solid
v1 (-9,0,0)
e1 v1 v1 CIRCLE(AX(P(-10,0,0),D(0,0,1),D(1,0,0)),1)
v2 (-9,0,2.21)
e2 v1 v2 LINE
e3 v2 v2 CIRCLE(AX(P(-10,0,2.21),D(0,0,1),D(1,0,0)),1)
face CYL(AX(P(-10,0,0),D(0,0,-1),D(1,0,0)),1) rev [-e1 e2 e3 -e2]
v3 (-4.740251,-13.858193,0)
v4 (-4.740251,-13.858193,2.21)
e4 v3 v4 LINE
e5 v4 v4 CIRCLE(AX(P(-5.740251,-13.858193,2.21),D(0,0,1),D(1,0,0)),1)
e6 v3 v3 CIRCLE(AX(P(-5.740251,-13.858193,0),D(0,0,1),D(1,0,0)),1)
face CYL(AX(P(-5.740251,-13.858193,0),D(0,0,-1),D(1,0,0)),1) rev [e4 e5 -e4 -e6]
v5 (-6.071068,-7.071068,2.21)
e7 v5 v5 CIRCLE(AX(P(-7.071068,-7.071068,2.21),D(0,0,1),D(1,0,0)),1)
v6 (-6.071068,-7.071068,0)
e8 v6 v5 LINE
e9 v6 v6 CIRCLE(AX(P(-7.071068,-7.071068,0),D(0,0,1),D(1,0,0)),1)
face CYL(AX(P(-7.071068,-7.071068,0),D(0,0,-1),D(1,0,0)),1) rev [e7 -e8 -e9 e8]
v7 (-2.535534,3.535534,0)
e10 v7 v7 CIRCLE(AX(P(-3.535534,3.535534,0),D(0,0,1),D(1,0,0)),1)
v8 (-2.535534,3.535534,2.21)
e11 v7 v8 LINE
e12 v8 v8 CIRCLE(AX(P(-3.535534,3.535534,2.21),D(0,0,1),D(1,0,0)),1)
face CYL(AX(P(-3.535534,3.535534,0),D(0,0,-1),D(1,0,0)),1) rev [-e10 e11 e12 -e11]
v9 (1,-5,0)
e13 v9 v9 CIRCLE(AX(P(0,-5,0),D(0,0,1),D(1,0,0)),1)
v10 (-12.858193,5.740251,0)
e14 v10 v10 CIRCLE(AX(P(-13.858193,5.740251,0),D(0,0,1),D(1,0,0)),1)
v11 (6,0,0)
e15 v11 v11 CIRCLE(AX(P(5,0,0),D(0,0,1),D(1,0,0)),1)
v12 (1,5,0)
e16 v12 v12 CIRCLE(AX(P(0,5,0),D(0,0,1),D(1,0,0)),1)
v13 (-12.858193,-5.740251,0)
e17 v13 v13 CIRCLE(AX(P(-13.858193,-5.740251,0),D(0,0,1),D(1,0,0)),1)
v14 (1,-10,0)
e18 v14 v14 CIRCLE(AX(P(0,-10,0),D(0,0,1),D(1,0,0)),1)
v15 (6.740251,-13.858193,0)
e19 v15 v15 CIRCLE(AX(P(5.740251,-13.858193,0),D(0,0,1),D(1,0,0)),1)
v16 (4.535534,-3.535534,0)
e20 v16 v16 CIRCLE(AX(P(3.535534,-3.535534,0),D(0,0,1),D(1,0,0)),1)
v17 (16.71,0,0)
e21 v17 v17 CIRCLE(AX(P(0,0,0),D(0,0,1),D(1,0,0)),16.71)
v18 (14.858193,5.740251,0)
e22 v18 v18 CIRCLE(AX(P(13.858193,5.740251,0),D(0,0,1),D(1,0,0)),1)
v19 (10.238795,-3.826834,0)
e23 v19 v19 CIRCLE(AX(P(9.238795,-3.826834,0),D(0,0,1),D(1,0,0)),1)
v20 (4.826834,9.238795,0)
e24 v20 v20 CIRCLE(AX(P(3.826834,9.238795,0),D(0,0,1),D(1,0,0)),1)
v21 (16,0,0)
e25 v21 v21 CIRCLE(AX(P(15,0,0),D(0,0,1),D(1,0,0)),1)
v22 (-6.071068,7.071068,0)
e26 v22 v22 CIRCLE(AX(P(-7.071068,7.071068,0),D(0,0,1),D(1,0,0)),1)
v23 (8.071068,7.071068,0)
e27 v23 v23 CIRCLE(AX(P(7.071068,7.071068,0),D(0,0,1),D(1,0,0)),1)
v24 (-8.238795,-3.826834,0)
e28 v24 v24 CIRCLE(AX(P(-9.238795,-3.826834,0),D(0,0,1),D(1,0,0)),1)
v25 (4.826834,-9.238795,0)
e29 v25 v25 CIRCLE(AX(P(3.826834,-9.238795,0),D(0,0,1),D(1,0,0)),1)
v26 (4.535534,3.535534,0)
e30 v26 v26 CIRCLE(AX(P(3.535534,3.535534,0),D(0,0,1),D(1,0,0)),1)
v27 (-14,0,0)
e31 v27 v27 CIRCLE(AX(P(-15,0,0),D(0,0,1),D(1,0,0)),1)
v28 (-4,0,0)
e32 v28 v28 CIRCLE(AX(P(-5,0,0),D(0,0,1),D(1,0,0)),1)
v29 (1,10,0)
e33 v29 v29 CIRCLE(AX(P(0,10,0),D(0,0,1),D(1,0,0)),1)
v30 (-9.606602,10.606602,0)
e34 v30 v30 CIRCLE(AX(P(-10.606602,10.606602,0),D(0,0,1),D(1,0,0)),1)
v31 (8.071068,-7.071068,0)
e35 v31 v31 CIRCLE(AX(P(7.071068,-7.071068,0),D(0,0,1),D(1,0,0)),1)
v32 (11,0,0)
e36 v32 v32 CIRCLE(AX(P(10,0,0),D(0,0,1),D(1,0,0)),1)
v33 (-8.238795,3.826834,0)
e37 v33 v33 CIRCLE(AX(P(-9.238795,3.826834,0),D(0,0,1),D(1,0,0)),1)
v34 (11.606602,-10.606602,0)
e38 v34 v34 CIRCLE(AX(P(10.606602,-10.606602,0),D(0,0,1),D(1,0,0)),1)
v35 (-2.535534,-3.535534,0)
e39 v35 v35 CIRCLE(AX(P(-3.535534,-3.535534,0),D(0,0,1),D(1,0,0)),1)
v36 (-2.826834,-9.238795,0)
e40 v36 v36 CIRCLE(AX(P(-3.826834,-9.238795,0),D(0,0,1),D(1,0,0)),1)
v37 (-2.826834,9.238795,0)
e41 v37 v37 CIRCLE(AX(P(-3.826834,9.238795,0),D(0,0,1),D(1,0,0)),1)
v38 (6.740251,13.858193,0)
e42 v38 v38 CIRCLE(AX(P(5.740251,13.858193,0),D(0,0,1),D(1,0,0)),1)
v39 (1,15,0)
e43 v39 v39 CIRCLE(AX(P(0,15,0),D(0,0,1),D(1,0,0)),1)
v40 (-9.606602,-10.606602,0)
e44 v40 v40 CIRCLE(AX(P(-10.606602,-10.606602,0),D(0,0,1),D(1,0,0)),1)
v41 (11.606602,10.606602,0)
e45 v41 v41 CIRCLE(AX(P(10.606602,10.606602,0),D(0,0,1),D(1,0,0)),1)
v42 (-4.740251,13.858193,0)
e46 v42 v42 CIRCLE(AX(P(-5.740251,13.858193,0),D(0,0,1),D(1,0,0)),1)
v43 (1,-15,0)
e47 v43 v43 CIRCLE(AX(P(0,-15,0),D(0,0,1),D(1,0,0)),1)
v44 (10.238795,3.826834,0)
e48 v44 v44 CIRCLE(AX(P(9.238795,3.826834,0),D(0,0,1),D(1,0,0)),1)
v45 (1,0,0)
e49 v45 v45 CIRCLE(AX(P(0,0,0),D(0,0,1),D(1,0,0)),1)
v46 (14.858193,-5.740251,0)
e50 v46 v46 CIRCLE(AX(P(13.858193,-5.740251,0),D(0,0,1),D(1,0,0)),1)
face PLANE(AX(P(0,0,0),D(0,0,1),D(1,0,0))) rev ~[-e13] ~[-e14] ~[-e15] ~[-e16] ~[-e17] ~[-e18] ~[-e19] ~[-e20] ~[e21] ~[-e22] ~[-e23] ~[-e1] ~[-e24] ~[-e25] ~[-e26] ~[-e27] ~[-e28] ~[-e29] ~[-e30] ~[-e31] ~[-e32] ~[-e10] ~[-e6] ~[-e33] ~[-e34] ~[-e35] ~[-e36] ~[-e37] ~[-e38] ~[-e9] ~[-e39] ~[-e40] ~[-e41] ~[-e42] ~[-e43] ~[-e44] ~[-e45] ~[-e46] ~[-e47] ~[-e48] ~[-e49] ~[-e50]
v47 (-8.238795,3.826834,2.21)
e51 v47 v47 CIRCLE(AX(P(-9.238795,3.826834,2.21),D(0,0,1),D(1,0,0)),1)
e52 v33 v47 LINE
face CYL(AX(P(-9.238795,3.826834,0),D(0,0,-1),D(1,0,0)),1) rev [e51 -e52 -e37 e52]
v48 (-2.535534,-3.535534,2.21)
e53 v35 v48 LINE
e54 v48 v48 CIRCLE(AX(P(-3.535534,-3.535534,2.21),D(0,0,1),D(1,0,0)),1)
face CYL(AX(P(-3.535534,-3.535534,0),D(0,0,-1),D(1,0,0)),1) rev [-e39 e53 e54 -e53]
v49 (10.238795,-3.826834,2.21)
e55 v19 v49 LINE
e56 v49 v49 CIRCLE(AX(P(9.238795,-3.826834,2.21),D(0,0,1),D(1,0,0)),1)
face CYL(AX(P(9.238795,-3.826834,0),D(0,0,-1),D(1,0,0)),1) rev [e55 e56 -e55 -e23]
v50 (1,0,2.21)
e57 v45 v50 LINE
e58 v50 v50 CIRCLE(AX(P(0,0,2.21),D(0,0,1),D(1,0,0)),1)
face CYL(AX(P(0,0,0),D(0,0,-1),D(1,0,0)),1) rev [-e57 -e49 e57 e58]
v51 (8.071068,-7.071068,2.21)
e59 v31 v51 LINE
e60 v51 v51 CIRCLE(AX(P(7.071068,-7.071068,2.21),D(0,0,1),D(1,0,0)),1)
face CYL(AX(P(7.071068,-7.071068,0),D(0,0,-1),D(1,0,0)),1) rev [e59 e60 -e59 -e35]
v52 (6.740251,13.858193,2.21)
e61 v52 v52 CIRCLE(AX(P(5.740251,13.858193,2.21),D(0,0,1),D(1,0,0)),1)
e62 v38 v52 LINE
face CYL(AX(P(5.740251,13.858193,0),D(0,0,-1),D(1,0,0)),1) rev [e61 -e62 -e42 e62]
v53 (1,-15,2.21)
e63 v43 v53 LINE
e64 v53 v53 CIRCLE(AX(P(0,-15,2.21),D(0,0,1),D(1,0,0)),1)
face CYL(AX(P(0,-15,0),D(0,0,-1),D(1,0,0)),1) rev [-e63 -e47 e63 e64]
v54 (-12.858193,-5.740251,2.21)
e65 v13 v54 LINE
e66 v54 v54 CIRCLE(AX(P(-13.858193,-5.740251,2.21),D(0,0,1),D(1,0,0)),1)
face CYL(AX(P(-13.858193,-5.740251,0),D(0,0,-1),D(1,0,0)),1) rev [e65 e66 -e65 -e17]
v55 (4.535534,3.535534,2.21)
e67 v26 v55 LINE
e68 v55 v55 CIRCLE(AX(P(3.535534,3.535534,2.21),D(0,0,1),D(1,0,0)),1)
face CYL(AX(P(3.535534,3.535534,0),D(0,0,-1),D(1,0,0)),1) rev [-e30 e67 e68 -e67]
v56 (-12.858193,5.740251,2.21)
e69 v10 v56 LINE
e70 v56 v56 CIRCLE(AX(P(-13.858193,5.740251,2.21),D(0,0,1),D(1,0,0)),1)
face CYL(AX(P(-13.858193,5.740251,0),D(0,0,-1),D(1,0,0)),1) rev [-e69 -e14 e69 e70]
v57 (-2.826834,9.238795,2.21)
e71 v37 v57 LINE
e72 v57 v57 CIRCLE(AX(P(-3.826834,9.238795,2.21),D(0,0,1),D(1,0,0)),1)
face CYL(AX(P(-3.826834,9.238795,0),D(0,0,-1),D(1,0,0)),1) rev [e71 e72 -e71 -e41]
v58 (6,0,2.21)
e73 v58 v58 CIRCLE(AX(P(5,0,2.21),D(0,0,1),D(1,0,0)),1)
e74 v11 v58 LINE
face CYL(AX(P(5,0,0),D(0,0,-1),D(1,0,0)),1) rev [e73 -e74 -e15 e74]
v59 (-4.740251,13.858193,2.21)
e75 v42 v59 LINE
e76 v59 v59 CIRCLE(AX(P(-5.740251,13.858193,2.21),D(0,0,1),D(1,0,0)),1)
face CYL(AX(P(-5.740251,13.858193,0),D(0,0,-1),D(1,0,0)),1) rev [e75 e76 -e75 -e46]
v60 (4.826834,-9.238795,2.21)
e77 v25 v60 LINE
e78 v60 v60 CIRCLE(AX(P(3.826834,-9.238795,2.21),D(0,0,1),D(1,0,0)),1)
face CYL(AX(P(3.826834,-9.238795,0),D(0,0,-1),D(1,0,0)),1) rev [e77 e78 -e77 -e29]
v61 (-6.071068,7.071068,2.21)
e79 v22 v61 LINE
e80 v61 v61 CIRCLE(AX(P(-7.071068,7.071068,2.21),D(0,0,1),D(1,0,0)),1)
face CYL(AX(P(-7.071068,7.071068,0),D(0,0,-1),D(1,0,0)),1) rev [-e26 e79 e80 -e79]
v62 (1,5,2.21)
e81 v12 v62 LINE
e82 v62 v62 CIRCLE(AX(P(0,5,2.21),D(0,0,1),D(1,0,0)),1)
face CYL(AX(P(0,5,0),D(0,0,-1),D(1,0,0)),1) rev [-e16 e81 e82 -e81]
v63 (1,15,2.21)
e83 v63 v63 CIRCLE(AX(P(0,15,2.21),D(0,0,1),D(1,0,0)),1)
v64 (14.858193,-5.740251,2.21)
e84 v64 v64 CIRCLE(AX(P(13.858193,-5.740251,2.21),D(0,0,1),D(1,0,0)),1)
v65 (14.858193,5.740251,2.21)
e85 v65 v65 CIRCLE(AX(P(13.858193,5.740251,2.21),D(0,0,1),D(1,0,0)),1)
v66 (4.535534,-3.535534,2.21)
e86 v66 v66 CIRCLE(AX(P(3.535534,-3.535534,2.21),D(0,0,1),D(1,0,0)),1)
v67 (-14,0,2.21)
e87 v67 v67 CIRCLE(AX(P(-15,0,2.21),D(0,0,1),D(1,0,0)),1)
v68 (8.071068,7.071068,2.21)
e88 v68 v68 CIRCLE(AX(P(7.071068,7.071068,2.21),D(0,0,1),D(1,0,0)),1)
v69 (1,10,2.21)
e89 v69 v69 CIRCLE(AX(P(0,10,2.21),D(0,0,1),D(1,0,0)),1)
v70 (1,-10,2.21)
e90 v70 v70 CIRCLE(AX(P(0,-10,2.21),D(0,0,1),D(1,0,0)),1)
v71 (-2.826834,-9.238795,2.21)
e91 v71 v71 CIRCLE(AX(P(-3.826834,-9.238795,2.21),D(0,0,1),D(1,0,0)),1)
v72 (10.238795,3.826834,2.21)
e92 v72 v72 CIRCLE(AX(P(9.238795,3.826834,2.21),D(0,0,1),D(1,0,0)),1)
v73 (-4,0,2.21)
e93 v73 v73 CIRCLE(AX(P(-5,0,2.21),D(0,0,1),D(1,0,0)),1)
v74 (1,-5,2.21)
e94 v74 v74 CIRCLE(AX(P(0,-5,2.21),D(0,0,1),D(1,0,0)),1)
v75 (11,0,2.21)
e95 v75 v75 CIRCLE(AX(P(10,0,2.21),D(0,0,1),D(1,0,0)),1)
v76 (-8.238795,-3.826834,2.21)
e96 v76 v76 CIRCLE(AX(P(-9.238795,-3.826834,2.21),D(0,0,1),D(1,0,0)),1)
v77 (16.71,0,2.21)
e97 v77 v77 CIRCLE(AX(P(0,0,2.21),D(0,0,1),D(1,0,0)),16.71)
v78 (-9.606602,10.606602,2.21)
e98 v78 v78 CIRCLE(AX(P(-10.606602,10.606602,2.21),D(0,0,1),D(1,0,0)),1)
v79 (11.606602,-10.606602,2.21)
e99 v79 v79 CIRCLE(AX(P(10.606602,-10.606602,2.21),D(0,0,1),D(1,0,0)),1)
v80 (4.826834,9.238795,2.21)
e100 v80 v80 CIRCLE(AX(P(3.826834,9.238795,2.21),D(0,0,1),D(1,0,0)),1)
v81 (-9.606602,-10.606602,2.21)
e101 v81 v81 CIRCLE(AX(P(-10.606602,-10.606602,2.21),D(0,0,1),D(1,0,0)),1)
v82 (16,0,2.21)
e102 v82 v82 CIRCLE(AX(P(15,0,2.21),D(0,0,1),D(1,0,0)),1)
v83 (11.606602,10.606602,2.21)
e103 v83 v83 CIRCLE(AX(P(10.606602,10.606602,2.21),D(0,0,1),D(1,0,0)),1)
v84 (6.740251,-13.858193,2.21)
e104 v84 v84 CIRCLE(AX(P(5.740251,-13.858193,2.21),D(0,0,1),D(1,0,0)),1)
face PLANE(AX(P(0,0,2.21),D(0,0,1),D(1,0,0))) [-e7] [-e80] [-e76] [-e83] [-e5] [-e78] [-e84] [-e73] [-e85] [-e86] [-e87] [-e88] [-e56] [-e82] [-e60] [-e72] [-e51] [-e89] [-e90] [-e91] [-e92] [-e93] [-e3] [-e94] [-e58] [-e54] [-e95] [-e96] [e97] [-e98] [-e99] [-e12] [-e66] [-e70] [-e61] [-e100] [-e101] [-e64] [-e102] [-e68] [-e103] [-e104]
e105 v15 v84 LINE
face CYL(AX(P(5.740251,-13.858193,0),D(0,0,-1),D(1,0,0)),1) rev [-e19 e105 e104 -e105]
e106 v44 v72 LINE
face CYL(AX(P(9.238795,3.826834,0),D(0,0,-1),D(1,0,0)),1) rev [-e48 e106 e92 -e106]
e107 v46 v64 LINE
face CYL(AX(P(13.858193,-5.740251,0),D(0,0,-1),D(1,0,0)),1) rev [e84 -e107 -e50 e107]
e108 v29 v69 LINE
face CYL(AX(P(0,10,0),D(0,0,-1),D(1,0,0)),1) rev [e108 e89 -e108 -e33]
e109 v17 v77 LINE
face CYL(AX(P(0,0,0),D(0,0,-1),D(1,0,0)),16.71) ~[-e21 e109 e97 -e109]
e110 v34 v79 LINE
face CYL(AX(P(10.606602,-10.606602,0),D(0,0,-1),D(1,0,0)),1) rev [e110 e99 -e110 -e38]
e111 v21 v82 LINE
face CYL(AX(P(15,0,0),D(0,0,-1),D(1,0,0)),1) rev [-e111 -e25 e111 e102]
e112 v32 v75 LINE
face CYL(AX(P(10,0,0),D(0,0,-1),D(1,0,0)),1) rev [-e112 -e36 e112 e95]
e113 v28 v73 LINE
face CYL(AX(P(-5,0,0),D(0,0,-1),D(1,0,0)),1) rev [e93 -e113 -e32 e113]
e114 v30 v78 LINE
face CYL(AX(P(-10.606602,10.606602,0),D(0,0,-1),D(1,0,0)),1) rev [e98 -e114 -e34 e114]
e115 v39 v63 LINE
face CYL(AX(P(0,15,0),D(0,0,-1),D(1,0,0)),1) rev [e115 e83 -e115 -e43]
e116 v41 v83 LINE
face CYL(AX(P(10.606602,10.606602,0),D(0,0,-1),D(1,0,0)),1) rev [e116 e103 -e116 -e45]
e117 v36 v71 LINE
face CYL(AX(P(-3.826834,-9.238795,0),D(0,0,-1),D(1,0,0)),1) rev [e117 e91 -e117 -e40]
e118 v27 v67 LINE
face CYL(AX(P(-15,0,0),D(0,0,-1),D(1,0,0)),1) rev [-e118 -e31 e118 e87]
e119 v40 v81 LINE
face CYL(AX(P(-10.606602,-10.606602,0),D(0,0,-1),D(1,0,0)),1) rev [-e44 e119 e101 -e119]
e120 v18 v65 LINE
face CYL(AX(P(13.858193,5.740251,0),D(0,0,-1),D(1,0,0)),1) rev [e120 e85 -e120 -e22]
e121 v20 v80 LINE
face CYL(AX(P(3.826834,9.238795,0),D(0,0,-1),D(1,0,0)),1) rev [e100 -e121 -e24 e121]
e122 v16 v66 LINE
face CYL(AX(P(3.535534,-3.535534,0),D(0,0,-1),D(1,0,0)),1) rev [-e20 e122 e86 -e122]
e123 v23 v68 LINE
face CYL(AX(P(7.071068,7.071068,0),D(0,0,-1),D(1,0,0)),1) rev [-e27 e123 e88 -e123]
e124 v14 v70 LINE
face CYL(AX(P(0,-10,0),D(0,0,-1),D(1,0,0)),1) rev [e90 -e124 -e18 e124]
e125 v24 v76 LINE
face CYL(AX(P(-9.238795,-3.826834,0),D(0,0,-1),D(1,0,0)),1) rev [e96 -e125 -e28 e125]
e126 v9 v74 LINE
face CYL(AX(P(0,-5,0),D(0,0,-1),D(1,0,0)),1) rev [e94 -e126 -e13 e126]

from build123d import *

# Parameters (mm, degrees)
SKETCH1_R           = 16.71
SKETCH1_R_2         = 1
BOSS_EXTRUDE2_DEPTH = 2.21


with BuildPart() as part:
    # Sketch1 → Boss-Extrude2 (new body)
    with BuildSketch(Plane.XY):
        Circle(SKETCH1_R)
        Circle(SKETCH1_R_2, mode=Mode.SUBTRACT)
        with Locations((5, 0)):
            Circle(SKETCH1_R_2, mode=Mode.SUBTRACT)
        with Locations((10, 0)):
            Circle(SKETCH1_R_2, mode=Mode.SUBTRACT)
        with Locations((15, 0)):
            Circle(SKETCH1_R_2, mode=Mode.SUBTRACT)
        with Locations((3.535533906, -3.535533906)):
            Circle(SKETCH1_R_2, mode=Mode.SUBTRACT)
        with Locations((0, -5)):
            Circle(SKETCH1_R_2, mode=Mode.SUBTRACT)
        with Locations((-3.535533906, -3.535533906)):
            Circle(SKETCH1_R_2, mode=Mode.SUBTRACT)
        with Locations((-5, 0)):
            Circle(SKETCH1_R_2, mode=Mode.SUBTRACT)
        with Locations((-3.535533906, 3.535533906)):
            Circle(SKETCH1_R_2, mode=Mode.SUBTRACT)
        with Locations((0, 5)):
            Circle(SKETCH1_R_2, mode=Mode.SUBTRACT)
        with Locations((3.535533906, 3.535533906)):
            Circle(SKETCH1_R_2, mode=Mode.SUBTRACT)
        with Locations((9.238795325, -3.826834324)):
            Circle(SKETCH1_R_2, mode=Mode.SUBTRACT)
        with Locations((7.071067812, -7.071067812)):
            Circle(SKETCH1_R_2, mode=Mode.SUBTRACT)
        with Locations((3.826834324, -9.238795325)):
            Circle(SKETCH1_R_2, mode=Mode.SUBTRACT)
        with Locations((0, -10)):
            Circle(SKETCH1_R_2, mode=Mode.SUBTRACT)
        with Locations((-3.826834324, -9.238795325)):
            Circle(SKETCH1_R_2, mode=Mode.SUBTRACT)
        with Locations((-7.071067812, -7.071067812)):
            Circle(SKETCH1_R_2, mode=Mode.SUBTRACT)
        with Locations((-9.238795325, -3.826834324)):
            Circle(SKETCH1_R_2, mode=Mode.SUBTRACT)
        with Locations((-10, 0)):
            Circle(SKETCH1_R_2, mode=Mode.SUBTRACT)
        with Locations((-9.238795325, 3.826834324)):
            Circle(SKETCH1_R_2, mode=Mode.SUBTRACT)
        with Locations((-7.071067812, 7.071067812)):
            Circle(SKETCH1_R_2, mode=Mode.SUBTRACT)
        with Locations((-3.826834324, 9.238795325)):
            Circle(SKETCH1_R_2, mode=Mode.SUBTRACT)
        with Locations((0, 10)):
            Circle(SKETCH1_R_2, mode=Mode.SUBTRACT)
        with Locations((3.826834324, 9.238795325)):
            Circle(SKETCH1_R_2, mode=Mode.SUBTRACT)
        with Locations((7.071067812, 7.071067812)):
            Circle(SKETCH1_R_2, mode=Mode.SUBTRACT)
        with Locations((9.238795325, 3.826834324)):
            Circle(SKETCH1_R_2, mode=Mode.SUBTRACT)
        with Locations((13.858192988, -5.740251485)):
            Circle(SKETCH1_R_2, mode=Mode.SUBTRACT)
        with Locations((10.606601718, -10.606601718)):
            Circle(SKETCH1_R_2, mode=Mode.SUBTRACT)
        with Locations((5.740251485, -13.858192988)):
            Circle(SKETCH1_R_2, mode=Mode.SUBTRACT)
        with Locations((0, -15)):
            Circle(SKETCH1_R_2, mode=Mode.SUBTRACT)
        with Locations((-5.740251485, -13.858192988)):
            Circle(SKETCH1_R_2, mode=Mode.SUBTRACT)
        with Locations((-10.606601718, -10.606601718)):
            Circle(SKETCH1_R_2, mode=Mode.SUBTRACT)
        with Locations((-13.858192988, -5.740251485)):
            Circle(SKETCH1_R_2, mode=Mode.SUBTRACT)
        with Locations((-15, 0)):
            Circle(SKETCH1_R_2, mode=Mode.SUBTRACT)
        with Locations((-13.858192988, 5.740251485)):
            Circle(SKETCH1_R_2, mode=Mode.SUBTRACT)
        with Locations((-10.606601718, 10.606601718)):
            Circle(SKETCH1_R_2, mode=Mode.SUBTRACT)
        with Locations((-5.740251485, 13.858192988)):
            Circle(SKETCH1_R_2, mode=Mode.SUBTRACT)
        with Locations((0, 15)):
            Circle(SKETCH1_R_2, mode=Mode.SUBTRACT)
        with Locations((5.740251485, 13.858192988)):
            Circle(SKETCH1_R_2, mode=Mode.SUBTRACT)
        with Locations((10.606601718, 10.606601718)):
            Circle(SKETCH1_R_2, mode=Mode.SUBTRACT)
        with Locations((13.858192988, 5.740251485)):
            Circle(SKETCH1_R_2, mode=Mode.SUBTRACT)
    extrude(amount=BOSS_EXTRUDE2_DEPTH)


solid = part.part
